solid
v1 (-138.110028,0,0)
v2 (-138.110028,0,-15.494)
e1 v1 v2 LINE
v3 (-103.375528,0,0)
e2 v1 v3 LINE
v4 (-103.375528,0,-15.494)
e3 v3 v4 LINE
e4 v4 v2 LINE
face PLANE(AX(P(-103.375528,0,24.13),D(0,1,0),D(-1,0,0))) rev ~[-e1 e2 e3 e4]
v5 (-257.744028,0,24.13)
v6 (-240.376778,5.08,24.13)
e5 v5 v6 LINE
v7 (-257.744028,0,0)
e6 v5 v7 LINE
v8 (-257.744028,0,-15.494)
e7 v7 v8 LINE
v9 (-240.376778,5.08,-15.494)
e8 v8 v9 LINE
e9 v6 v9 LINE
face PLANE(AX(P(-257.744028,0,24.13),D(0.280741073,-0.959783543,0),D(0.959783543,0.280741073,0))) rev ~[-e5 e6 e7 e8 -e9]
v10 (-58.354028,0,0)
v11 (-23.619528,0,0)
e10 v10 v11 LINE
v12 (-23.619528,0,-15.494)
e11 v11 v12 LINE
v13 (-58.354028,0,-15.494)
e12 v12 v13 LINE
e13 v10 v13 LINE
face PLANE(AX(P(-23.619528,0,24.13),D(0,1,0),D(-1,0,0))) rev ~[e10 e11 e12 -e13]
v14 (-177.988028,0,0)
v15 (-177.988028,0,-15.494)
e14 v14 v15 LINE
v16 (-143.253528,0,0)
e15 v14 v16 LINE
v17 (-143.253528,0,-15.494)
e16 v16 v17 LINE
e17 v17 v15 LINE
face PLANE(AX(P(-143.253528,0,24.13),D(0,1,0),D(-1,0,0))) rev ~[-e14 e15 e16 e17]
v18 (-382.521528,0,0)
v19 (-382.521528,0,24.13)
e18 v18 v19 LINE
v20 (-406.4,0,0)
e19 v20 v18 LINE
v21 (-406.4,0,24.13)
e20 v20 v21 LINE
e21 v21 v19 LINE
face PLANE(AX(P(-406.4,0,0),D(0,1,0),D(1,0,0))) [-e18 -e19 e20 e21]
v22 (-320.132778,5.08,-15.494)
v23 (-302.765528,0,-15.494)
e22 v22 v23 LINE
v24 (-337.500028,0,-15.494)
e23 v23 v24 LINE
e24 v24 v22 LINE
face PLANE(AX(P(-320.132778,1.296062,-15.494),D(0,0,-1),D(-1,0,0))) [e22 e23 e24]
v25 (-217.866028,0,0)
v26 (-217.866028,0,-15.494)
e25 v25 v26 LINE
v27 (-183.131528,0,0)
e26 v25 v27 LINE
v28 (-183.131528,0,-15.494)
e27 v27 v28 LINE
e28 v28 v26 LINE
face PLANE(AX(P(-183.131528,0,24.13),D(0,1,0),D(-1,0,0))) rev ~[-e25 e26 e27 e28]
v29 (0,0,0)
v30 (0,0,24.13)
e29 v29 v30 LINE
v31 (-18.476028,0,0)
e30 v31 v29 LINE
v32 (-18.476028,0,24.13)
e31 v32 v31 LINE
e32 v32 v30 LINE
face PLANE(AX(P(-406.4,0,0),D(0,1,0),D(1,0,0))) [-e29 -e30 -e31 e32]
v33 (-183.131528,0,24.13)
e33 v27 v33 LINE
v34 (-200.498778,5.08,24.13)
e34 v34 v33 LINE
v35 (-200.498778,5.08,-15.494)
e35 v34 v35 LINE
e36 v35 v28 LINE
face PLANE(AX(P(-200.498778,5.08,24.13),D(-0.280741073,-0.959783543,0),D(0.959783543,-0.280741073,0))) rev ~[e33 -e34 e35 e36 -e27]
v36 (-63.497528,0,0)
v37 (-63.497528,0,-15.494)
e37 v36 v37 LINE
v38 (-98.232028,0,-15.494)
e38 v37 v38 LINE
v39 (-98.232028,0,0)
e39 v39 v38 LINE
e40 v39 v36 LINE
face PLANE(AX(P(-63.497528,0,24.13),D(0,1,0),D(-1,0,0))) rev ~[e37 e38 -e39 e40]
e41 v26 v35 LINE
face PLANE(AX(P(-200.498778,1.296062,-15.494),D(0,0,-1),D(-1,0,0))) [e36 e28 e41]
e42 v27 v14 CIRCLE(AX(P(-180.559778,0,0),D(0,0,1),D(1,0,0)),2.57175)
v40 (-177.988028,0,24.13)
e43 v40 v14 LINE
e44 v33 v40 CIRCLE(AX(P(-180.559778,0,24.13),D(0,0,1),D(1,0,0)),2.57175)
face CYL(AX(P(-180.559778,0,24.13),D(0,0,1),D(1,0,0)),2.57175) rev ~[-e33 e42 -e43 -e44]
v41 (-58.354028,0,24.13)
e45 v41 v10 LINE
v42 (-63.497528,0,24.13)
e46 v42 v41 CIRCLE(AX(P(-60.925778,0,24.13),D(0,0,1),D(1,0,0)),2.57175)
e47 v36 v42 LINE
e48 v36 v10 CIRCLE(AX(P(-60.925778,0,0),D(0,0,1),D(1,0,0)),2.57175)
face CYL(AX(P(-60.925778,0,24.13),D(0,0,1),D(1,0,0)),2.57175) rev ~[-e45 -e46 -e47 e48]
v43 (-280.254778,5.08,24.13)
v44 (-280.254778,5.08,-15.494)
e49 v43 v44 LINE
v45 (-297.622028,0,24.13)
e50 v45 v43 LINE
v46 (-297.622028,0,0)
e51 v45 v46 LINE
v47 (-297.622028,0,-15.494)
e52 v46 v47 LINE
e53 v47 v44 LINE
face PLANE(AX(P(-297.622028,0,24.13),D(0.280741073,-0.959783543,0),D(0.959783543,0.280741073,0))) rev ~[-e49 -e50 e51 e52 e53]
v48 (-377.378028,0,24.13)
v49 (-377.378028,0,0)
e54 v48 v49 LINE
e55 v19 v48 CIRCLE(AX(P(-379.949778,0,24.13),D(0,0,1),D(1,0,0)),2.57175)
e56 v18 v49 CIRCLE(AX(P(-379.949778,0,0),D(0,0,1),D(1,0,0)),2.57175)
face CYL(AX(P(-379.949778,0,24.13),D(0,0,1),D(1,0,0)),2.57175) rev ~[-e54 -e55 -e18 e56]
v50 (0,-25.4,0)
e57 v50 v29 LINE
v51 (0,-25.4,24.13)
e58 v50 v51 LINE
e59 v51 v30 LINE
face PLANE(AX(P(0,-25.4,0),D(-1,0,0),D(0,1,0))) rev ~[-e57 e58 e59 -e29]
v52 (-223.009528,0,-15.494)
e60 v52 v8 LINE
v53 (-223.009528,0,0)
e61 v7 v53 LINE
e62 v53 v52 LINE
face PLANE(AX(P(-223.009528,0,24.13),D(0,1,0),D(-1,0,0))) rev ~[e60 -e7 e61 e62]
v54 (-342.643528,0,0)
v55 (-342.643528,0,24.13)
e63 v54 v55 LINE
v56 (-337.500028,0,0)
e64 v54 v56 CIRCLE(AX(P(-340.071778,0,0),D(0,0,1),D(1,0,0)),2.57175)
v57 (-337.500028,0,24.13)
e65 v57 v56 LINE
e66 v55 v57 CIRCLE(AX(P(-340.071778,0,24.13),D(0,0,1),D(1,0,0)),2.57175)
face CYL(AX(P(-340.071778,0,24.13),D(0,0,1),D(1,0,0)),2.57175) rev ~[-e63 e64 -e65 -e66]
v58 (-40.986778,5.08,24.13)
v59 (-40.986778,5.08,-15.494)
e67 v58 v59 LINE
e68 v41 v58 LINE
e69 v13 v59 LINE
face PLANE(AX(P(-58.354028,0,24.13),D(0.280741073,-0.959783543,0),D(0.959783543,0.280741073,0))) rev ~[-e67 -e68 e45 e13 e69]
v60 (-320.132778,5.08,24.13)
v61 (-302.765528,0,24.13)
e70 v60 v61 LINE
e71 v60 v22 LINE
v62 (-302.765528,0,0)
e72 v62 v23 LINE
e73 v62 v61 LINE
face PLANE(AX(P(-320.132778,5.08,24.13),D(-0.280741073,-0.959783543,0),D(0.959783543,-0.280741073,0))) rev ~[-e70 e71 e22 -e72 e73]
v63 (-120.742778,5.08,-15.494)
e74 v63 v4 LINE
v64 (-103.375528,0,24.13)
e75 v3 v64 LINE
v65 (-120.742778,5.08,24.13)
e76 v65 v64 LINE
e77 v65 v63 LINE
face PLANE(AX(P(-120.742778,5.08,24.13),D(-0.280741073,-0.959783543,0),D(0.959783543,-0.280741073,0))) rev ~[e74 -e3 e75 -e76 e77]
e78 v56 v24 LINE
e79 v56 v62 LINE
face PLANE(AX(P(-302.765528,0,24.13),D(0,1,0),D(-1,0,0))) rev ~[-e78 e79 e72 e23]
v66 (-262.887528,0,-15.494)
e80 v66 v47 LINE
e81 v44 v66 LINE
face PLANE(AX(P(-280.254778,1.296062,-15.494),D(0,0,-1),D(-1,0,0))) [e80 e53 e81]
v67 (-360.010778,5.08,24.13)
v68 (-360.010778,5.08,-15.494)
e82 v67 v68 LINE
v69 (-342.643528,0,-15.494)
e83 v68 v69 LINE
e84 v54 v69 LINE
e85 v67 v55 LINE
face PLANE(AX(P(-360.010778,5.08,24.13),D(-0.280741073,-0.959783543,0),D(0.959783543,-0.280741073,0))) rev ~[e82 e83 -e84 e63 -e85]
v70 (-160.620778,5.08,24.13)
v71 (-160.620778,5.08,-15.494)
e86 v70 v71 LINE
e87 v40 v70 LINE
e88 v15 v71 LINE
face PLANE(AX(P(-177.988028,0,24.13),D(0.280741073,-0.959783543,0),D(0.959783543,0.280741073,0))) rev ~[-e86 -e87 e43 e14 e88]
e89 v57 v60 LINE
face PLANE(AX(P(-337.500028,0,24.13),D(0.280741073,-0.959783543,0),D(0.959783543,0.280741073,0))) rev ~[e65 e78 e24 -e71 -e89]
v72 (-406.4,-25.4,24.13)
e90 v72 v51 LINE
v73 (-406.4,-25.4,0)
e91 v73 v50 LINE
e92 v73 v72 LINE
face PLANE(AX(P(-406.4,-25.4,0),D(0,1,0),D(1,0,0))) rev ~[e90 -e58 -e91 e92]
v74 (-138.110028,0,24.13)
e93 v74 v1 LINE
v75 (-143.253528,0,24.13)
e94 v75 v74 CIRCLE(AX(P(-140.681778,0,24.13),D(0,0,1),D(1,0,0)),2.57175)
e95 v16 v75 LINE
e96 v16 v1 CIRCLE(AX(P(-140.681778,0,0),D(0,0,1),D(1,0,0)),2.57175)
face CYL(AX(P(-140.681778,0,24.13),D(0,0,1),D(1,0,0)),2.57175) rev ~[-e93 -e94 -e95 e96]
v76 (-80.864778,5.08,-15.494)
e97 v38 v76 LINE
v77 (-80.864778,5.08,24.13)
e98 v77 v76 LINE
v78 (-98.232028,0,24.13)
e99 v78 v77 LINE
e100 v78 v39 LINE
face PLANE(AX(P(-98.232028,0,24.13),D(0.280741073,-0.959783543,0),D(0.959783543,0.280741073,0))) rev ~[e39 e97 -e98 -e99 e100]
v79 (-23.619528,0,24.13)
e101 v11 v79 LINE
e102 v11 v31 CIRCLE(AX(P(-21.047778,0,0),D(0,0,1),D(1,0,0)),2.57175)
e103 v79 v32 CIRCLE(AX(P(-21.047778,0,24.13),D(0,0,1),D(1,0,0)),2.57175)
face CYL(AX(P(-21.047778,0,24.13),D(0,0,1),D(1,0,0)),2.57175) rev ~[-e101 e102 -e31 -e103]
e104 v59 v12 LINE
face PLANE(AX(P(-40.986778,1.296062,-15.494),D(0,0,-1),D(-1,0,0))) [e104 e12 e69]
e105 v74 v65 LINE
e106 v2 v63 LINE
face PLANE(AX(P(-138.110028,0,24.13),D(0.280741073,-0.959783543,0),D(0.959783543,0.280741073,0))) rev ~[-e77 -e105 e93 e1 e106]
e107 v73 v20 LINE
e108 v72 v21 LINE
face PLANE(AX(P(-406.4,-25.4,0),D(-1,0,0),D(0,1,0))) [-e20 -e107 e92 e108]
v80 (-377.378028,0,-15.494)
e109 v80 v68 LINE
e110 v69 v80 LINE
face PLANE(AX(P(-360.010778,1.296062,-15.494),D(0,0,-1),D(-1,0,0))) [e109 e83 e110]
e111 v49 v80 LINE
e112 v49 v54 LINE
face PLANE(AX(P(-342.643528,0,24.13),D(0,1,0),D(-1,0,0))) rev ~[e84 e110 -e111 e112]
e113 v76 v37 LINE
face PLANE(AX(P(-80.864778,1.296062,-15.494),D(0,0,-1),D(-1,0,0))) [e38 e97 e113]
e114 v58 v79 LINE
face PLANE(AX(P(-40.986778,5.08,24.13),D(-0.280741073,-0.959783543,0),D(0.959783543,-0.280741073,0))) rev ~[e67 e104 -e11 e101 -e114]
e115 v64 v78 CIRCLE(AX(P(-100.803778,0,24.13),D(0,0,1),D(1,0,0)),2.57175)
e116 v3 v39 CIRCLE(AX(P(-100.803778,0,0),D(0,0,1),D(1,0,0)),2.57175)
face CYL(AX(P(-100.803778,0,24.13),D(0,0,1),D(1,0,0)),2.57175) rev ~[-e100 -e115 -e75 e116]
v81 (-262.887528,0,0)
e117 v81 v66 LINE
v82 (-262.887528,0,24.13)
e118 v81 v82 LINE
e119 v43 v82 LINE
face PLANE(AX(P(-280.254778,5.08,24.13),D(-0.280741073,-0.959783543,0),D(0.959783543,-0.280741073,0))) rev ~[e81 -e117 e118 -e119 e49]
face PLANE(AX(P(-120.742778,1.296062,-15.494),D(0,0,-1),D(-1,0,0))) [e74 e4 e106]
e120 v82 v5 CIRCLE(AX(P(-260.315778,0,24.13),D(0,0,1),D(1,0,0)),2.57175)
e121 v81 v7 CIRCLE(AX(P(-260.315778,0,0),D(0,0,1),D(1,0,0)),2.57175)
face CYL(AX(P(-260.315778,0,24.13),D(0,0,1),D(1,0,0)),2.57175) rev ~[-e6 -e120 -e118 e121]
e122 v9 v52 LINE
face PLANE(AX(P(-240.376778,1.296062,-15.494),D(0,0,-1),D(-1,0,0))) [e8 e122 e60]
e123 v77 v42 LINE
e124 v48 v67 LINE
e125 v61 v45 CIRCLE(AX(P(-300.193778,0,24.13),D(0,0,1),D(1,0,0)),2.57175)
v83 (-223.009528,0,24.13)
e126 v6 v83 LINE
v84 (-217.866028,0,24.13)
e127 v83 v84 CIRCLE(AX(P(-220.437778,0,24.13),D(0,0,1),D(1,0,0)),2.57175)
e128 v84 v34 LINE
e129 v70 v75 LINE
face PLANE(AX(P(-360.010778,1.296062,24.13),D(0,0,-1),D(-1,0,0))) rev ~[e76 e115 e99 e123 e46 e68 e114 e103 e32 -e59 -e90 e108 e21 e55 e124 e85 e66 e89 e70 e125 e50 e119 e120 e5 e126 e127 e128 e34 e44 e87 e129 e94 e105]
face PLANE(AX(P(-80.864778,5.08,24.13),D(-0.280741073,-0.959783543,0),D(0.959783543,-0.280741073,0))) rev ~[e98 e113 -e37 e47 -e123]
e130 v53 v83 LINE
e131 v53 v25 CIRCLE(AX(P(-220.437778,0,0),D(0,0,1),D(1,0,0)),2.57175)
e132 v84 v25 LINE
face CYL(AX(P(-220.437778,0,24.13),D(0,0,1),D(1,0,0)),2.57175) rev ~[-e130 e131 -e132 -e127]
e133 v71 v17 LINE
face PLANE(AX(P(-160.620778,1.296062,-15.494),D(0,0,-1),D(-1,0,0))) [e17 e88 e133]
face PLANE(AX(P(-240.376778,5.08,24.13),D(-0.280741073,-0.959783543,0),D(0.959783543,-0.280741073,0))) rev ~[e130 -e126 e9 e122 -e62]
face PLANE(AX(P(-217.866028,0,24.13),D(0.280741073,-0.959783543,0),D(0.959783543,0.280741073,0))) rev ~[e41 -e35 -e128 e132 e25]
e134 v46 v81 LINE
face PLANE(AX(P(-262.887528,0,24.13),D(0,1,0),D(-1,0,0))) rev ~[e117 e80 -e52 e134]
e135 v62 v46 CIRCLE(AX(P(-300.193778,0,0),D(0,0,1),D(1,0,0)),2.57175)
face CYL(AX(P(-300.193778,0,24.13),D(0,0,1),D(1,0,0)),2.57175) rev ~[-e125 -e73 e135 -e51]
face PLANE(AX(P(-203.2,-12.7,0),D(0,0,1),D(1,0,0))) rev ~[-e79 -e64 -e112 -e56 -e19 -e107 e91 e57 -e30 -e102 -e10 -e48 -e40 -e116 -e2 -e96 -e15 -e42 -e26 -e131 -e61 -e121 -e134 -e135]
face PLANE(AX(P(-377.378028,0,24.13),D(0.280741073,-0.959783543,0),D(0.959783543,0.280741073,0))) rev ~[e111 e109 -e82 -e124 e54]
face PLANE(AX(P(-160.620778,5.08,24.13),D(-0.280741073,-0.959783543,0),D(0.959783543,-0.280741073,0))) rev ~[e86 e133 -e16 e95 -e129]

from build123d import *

# Parameters (mm, degrees)
SKETCH1_W           = 406.4
SKETCH1_H           = 25.4
BOSS_EXTRUDE1_DEPTH = 24.13
SKETCH3_R           = 2.57175
CUT_EXTRUDE1_DEPTH  = 39.624
BOSS_EXTRUDE2_DEPTH = 39.624


with BuildPart() as part:
    # Sketch1 → Boss-Extrude1 (new body)
    with BuildSketch(Plane.XY):
        with Locations((-203.2, -12.7)):
            Rectangle(SKETCH1_W, SKETCH1_H)
    extrude(amount=BOSS_EXTRUDE1_DEPTH)

    # Sketch3 → Cut-Extrude1 (cut)
    with BuildSketch(Plane.XY.offset(24.13)):
        with Locations((-379.949777658, 0)):
            Circle(SKETCH3_R)
        with Locations((-340.071777658, 0)):
            Circle(SKETCH3_R)
        with Locations((-300.193777658, 0)):
            Circle(SKETCH3_R)
        with Locations((-260.315777658, 0)):
            Circle(SKETCH3_R)
        with Locations((-220.437777658, 0)):
            Circle(SKETCH3_R)
        with Locations((-180.559777658, 0)):
            Circle(SKETCH3_R)
        with Locations((-140.681777658, 0)):
            Circle(SKETCH3_R)
        with Locations((-100.803777658, 0)):
            Circle(SKETCH3_R)
        with Locations((-60.925777658, 0)):
            Circle(SKETCH3_R)
        with Locations((-21.047777658, 0)):
            Circle(SKETCH3_R)
    extrude(amount=-CUT_EXTRUDE1_DEPTH, mode=Mode.SUBTRACT)

    # Sketch4 → Boss-Extrude2 (add)
    with BuildSketch(Plane.XY.offset(24.13)):
        Polygon((-377.378027658, 0), (-360.010777658, 5.08), (-342.643527658, 0), align=None)
        Polygon((-337.500027658, 0), (-320.132777658, 5.08), (-302.765527658, 0), align=None)
        Polygon((-297.622027658, 0), (-280.254777658, 5.08), (-262.887527658, 0), align=None)
        Polygon((-257.744027658, 0), (-240.376777658, 5.08), (-223.009527658, 0), align=None)
        Polygon((-217.866027658, 0), (-200.498777658, 5.08), (-183.131527658, 0), align=None)
        Polygon((-177.988027658, 0), (-160.620777658, 5.08), (-143.253527658, 0), align=None)
        Polygon((-138.110027658, 0), (-120.742777658, 5.08), (-103.375527658, 0), align=None)
        Polygon((-98.232027658, 0), (-80.864777658, 5.08), (-63.497527658, 0), align=None)
        Polygon((-58.354027658, 0), (-40.986777658, 5.08), (-23.619527658, 0), align=None)
    extrude(amount=-BOSS_EXTRUDE2_DEPTH)


solid = part.part
